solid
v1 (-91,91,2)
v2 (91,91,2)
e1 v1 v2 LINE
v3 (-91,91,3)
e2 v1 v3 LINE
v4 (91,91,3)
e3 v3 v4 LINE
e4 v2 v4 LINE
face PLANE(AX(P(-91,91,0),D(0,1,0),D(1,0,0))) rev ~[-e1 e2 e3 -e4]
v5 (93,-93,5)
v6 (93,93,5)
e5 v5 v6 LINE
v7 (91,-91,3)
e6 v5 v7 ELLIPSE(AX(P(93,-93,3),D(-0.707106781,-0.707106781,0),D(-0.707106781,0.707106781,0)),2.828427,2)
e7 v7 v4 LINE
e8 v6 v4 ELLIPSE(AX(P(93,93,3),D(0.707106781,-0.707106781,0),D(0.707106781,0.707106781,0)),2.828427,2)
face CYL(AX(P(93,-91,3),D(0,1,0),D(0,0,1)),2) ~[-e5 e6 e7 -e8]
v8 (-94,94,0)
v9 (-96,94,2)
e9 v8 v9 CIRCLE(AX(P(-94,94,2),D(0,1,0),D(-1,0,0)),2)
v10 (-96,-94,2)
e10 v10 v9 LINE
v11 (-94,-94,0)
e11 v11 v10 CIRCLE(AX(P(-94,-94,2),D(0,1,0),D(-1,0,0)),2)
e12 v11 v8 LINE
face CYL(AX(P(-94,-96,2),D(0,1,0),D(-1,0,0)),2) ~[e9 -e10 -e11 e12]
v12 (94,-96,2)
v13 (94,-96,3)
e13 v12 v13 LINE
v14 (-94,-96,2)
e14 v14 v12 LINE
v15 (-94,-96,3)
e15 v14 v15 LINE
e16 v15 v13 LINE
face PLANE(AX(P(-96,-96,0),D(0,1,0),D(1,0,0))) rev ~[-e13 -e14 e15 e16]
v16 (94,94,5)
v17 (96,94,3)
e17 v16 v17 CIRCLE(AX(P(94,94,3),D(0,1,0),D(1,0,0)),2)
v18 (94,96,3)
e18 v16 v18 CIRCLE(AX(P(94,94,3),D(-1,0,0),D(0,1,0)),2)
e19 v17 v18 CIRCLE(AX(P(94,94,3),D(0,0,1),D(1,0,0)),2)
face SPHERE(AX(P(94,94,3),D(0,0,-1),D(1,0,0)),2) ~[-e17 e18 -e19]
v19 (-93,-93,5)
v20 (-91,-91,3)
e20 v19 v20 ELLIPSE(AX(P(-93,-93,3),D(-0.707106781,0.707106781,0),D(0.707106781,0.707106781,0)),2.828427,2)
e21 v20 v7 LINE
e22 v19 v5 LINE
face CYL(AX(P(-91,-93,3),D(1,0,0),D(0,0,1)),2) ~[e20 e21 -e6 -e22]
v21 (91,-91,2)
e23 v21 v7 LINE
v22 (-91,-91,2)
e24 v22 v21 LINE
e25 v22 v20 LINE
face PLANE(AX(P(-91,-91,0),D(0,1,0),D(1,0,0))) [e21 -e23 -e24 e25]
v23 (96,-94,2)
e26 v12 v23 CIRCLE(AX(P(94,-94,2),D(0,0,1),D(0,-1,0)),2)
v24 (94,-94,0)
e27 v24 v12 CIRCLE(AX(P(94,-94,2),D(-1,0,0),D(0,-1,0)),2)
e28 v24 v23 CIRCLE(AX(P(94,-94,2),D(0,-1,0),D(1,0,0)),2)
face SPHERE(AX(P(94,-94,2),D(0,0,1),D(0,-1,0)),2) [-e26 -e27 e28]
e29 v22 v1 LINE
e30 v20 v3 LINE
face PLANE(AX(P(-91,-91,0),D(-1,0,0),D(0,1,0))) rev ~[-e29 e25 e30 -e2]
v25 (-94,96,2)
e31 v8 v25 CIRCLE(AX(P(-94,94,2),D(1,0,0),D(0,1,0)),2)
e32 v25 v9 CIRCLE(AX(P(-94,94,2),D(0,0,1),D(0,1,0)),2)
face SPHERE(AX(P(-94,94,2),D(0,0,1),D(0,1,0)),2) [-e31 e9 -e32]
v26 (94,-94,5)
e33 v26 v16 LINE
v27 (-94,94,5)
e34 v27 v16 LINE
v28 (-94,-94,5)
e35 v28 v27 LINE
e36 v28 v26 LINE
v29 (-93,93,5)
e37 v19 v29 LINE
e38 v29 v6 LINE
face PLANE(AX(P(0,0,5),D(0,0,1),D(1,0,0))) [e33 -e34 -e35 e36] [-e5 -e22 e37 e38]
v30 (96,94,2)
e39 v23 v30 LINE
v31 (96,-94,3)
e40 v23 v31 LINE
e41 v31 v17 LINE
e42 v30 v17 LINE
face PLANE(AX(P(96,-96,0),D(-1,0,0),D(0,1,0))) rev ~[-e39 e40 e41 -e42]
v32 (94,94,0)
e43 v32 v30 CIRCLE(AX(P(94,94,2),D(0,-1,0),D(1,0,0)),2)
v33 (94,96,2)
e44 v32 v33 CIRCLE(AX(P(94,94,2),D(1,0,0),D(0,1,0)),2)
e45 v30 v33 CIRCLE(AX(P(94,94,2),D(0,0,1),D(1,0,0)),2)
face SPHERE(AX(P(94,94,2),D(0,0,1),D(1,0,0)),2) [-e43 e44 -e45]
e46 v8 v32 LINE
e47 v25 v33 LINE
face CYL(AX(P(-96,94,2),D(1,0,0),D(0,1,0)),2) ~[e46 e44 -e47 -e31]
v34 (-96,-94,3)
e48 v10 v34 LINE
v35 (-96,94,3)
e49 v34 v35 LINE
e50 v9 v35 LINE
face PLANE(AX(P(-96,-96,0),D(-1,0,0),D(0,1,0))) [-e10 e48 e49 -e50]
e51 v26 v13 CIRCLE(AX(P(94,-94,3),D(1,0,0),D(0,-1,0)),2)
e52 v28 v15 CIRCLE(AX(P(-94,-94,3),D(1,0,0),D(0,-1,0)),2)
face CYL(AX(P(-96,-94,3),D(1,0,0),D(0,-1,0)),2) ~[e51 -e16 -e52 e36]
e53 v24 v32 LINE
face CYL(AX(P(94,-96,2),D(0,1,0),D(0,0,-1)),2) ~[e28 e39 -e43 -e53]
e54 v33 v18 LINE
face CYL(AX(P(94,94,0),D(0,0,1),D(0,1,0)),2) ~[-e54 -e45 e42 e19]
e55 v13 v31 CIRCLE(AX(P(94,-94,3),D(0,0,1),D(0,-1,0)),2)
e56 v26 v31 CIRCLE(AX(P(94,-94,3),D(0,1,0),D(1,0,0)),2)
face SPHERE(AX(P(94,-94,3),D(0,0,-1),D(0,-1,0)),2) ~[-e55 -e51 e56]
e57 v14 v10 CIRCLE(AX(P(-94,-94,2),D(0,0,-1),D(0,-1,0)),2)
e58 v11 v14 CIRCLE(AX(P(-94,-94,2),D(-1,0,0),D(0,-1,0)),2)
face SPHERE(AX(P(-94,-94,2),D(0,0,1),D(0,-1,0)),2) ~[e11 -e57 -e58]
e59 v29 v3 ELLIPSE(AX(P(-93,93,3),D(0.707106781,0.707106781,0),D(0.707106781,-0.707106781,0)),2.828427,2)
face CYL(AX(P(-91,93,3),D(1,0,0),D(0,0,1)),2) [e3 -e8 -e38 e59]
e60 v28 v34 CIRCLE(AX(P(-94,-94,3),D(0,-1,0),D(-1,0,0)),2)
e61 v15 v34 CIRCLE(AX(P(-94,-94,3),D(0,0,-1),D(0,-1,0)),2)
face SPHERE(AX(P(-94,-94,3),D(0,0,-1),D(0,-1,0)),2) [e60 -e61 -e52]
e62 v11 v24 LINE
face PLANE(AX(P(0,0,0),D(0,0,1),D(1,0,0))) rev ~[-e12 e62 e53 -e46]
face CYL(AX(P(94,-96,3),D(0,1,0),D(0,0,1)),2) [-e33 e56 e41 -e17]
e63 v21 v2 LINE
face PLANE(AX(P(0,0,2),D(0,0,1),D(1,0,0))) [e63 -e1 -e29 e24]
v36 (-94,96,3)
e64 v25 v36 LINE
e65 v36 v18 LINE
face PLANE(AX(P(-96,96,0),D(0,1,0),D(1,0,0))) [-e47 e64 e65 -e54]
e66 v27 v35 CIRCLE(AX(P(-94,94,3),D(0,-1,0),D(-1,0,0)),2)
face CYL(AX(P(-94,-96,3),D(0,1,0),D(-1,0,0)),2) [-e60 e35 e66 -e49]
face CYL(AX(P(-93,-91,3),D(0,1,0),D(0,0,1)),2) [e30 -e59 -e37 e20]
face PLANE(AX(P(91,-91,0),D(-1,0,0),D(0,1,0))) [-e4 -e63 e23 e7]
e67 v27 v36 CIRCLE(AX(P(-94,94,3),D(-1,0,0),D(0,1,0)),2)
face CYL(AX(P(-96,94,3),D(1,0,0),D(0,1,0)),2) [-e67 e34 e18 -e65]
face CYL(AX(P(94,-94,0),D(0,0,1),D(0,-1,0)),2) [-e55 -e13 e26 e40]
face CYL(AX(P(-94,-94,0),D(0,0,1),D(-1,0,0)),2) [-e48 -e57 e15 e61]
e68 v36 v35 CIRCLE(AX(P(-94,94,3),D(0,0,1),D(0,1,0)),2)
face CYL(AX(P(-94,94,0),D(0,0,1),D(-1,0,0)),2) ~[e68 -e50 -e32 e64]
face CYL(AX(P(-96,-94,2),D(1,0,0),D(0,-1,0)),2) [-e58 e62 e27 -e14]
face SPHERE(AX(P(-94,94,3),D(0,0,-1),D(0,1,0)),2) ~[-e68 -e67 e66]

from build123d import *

# Parameters (mm, degrees)
F0_W     = 182
F0_H     = 182
F1_DEPTH = 2
F0_W_2   = 192
F0_H_2   = 192
F2_DEPTH = 5
F3_R     = 2


with BuildPart() as f1:
    # F0 (on Top) → F1 (new body)
    with BuildSketch(Plane.XY):
        Rectangle(F0_W, F0_H)
    extrude(amount=F1_DEPTH)

    # F0 (on Top) → F2 (join)
    with BuildSketch(Plane.XY):
        Rectangle(F0_W_2, F0_H_2)
        Rectangle(F0_W, F0_H, mode=Mode.SUBTRACT)
    extrude(amount=F2_DEPTH)

    # F3
    f3_edges = [f1.edges().sort_by_distance(p)[0] for p in [
        (-96, -96, 2.5),
        (96, -96, 2.5),
        (0, -96, 0),
        (0, -96, 5),
        (96, 96, 2.5),
        (96, 0, 0),
        (96, 0, 5),
        (-96, 96, 2.5),
        (0, 96, 0),
        (0, 96, 5),
        (-96, 0, 0),
        (-96, 0, 5),
        (0, 91, 5),
        (91, 0, 5),
        (0, -91, 5),
        (-91, 0, 5),
    ]]
    fillet(f3_edges, radius=F3_R)


solid = f1.part
